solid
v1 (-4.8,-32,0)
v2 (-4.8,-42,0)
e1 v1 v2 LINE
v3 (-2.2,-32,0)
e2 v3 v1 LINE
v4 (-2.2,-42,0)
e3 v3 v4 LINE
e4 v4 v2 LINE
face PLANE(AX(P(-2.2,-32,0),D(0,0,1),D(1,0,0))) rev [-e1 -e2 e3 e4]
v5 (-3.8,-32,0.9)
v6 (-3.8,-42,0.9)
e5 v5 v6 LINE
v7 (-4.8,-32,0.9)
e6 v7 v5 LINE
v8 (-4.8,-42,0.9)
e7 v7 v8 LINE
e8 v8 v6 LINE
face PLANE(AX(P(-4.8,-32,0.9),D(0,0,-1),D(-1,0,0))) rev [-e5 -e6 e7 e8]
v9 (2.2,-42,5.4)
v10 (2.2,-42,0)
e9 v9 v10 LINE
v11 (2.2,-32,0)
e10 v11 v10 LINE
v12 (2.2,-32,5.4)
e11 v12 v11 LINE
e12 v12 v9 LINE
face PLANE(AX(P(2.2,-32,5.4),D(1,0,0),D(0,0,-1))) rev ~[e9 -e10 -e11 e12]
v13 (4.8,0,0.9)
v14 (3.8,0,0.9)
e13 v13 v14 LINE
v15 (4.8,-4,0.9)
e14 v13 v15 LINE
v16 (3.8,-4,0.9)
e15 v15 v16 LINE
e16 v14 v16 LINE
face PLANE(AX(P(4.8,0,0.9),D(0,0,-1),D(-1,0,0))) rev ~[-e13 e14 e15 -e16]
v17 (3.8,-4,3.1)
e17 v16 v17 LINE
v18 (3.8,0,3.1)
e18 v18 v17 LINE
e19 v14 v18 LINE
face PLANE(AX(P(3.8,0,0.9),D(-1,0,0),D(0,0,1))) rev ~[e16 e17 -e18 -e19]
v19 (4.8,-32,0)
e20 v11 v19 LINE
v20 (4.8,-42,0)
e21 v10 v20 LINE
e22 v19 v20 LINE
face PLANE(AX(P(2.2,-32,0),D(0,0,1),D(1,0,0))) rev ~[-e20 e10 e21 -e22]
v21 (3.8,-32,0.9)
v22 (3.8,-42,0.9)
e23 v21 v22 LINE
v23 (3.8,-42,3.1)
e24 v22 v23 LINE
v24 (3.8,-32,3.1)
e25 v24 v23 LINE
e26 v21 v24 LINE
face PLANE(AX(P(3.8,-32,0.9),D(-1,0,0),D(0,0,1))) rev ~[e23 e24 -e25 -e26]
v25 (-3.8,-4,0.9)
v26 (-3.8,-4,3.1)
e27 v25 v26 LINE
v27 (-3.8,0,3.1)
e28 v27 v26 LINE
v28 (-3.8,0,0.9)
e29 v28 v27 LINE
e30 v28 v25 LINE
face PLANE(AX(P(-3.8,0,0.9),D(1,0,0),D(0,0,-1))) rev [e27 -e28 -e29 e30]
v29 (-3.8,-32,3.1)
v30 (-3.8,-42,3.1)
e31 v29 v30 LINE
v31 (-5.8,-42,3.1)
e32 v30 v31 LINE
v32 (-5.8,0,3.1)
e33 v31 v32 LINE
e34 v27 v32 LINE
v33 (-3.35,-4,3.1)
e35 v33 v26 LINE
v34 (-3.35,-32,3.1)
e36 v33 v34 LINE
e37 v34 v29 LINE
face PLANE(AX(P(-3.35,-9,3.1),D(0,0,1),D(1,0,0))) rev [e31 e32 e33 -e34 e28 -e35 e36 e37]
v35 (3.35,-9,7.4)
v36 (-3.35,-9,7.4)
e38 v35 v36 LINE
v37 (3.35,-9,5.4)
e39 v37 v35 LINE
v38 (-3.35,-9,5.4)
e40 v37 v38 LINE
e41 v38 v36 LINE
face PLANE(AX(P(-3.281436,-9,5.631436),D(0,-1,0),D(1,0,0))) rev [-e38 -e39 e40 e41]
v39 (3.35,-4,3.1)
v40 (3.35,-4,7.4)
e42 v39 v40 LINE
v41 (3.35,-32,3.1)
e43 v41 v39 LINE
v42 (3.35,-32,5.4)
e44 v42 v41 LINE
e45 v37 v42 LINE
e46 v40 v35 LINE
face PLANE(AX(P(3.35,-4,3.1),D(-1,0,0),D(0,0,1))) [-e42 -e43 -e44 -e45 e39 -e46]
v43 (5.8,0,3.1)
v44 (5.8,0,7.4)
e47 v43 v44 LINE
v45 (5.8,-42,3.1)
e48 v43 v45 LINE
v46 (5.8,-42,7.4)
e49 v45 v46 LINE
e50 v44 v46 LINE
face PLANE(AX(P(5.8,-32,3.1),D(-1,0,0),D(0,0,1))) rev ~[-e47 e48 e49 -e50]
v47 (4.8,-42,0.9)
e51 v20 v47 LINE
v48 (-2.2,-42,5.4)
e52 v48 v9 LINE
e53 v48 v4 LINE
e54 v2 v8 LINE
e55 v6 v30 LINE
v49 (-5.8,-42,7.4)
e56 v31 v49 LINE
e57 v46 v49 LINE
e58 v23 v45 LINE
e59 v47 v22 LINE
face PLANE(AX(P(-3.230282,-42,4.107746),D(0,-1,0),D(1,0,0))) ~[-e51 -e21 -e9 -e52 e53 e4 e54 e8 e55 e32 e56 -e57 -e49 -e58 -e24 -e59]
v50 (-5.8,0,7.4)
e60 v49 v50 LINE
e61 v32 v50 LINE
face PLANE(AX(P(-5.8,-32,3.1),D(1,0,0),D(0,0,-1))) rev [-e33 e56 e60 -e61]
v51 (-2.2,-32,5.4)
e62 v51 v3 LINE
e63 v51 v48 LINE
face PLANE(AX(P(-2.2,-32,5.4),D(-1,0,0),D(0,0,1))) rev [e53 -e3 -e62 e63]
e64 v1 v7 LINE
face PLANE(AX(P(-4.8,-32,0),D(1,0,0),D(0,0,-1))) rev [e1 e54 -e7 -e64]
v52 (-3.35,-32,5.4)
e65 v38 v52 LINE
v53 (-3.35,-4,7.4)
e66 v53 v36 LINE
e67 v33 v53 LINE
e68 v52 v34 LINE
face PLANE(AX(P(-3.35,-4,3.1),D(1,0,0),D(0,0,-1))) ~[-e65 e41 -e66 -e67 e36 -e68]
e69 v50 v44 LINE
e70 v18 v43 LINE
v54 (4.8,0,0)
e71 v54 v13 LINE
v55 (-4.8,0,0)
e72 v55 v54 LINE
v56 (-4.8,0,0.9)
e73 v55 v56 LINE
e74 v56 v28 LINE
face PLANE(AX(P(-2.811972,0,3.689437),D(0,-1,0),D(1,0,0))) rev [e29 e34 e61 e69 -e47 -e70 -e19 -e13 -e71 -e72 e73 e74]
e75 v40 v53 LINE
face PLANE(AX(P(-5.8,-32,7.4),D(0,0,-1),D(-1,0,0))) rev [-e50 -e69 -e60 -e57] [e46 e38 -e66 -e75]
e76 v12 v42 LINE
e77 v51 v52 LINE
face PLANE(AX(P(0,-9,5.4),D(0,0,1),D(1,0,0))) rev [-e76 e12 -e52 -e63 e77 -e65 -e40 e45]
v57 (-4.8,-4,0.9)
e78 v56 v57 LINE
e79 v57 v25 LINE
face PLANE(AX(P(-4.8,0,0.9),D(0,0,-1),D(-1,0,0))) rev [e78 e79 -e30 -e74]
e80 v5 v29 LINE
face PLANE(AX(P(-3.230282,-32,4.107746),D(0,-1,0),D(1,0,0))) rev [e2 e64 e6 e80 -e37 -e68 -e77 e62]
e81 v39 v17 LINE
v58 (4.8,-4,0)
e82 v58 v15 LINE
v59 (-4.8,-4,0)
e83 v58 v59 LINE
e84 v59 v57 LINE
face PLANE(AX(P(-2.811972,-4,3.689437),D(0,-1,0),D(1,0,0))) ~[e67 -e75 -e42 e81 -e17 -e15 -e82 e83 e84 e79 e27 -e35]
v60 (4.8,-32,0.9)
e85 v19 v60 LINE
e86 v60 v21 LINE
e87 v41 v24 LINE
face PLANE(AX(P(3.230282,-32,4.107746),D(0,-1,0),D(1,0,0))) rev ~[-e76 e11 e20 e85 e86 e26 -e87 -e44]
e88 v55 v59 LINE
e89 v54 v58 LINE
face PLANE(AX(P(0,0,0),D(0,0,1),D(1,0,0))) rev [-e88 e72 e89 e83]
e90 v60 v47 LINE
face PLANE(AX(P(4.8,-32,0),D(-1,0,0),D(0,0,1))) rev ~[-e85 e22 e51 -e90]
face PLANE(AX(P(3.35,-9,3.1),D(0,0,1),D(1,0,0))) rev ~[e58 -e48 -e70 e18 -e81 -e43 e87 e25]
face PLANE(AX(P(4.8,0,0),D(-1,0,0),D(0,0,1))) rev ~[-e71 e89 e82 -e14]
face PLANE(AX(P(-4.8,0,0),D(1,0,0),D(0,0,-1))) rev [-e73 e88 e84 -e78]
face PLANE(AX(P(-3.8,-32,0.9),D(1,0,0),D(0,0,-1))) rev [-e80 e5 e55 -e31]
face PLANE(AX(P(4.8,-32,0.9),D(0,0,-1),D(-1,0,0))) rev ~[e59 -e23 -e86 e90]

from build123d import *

# Parameters (mm, degrees)
PAD_DEPTH    = 4
SKETCH001_W  = 2.45
SKETCH001_H  = 4.3
PAD001_DEPTH = 5
PAD002_DEPTH = 23
PAD003_DEPTH = 10


with BuildPart() as part:
    # Sketch → Pad (new body)
    with BuildSketch(Plane.XZ):
        Polygon((0, 0), (4.8, 0), (4.8, 0.9), (3.8, 0.9), (3.8, 3.1), (5.8, 3.1), (5.8, 7.4), (0, 7.4), align=None)
    pad = extrude(amount=PAD_DEPTH)

    # Sketch001 → Pad001 (join)
    with BuildSketch(Plane.XZ.offset(4)):
        with Locations((4.575, 5.25)):
            Rectangle(SKETCH001_W, SKETCH001_H)
    pad001 = extrude(amount=PAD001_DEPTH)

    # Sketch002 → Pad002 (join)
    with BuildSketch(Plane.XZ.offset(9)):
        Polygon((5.8, 7.4), (0, 7.4), (0, 5.4), (3.35, 5.4), (3.35, 3.1), (5.8, 3.1), align=None)
    pad002 = extrude(amount=PAD002_DEPTH)

    # Sketch003 → Pad003 (join)
    with BuildSketch(Plane.XZ.offset(32)):
        Polygon((4.8, 0), (4.8, 0.9), (3.8, 0.9), (3.8, 3.1), (5.8, 3.1), (5.8, 7.4), (0, 7.4), (0, 5.4), (2.2, 5.4), (2.2, 0), align=None)
    pad003 = extrude(amount=PAD003_DEPTH)

    # Mirrored: Pad, Pad001, Pad002, Pad003 across Sketch V_Axis
    add(pad.mirror(Plane(origin=(0, 0, 0), x_dir=(0, -1, 0), z_dir=(1, 0, 0))))
    add(pad001.mirror(Plane(origin=(0, 0, 0), x_dir=(0, -1, 0), z_dir=(1, 0, 0))))
    add(pad002.mirror(Plane(origin=(0, 0, 0), x_dir=(0, -1, 0), z_dir=(1, 0, 0))))
    add(pad003.mirror(Plane(origin=(0, 0, 0), x_dir=(0, -1, 0), z_dir=(1, 0, 0))))


solid = part.part
